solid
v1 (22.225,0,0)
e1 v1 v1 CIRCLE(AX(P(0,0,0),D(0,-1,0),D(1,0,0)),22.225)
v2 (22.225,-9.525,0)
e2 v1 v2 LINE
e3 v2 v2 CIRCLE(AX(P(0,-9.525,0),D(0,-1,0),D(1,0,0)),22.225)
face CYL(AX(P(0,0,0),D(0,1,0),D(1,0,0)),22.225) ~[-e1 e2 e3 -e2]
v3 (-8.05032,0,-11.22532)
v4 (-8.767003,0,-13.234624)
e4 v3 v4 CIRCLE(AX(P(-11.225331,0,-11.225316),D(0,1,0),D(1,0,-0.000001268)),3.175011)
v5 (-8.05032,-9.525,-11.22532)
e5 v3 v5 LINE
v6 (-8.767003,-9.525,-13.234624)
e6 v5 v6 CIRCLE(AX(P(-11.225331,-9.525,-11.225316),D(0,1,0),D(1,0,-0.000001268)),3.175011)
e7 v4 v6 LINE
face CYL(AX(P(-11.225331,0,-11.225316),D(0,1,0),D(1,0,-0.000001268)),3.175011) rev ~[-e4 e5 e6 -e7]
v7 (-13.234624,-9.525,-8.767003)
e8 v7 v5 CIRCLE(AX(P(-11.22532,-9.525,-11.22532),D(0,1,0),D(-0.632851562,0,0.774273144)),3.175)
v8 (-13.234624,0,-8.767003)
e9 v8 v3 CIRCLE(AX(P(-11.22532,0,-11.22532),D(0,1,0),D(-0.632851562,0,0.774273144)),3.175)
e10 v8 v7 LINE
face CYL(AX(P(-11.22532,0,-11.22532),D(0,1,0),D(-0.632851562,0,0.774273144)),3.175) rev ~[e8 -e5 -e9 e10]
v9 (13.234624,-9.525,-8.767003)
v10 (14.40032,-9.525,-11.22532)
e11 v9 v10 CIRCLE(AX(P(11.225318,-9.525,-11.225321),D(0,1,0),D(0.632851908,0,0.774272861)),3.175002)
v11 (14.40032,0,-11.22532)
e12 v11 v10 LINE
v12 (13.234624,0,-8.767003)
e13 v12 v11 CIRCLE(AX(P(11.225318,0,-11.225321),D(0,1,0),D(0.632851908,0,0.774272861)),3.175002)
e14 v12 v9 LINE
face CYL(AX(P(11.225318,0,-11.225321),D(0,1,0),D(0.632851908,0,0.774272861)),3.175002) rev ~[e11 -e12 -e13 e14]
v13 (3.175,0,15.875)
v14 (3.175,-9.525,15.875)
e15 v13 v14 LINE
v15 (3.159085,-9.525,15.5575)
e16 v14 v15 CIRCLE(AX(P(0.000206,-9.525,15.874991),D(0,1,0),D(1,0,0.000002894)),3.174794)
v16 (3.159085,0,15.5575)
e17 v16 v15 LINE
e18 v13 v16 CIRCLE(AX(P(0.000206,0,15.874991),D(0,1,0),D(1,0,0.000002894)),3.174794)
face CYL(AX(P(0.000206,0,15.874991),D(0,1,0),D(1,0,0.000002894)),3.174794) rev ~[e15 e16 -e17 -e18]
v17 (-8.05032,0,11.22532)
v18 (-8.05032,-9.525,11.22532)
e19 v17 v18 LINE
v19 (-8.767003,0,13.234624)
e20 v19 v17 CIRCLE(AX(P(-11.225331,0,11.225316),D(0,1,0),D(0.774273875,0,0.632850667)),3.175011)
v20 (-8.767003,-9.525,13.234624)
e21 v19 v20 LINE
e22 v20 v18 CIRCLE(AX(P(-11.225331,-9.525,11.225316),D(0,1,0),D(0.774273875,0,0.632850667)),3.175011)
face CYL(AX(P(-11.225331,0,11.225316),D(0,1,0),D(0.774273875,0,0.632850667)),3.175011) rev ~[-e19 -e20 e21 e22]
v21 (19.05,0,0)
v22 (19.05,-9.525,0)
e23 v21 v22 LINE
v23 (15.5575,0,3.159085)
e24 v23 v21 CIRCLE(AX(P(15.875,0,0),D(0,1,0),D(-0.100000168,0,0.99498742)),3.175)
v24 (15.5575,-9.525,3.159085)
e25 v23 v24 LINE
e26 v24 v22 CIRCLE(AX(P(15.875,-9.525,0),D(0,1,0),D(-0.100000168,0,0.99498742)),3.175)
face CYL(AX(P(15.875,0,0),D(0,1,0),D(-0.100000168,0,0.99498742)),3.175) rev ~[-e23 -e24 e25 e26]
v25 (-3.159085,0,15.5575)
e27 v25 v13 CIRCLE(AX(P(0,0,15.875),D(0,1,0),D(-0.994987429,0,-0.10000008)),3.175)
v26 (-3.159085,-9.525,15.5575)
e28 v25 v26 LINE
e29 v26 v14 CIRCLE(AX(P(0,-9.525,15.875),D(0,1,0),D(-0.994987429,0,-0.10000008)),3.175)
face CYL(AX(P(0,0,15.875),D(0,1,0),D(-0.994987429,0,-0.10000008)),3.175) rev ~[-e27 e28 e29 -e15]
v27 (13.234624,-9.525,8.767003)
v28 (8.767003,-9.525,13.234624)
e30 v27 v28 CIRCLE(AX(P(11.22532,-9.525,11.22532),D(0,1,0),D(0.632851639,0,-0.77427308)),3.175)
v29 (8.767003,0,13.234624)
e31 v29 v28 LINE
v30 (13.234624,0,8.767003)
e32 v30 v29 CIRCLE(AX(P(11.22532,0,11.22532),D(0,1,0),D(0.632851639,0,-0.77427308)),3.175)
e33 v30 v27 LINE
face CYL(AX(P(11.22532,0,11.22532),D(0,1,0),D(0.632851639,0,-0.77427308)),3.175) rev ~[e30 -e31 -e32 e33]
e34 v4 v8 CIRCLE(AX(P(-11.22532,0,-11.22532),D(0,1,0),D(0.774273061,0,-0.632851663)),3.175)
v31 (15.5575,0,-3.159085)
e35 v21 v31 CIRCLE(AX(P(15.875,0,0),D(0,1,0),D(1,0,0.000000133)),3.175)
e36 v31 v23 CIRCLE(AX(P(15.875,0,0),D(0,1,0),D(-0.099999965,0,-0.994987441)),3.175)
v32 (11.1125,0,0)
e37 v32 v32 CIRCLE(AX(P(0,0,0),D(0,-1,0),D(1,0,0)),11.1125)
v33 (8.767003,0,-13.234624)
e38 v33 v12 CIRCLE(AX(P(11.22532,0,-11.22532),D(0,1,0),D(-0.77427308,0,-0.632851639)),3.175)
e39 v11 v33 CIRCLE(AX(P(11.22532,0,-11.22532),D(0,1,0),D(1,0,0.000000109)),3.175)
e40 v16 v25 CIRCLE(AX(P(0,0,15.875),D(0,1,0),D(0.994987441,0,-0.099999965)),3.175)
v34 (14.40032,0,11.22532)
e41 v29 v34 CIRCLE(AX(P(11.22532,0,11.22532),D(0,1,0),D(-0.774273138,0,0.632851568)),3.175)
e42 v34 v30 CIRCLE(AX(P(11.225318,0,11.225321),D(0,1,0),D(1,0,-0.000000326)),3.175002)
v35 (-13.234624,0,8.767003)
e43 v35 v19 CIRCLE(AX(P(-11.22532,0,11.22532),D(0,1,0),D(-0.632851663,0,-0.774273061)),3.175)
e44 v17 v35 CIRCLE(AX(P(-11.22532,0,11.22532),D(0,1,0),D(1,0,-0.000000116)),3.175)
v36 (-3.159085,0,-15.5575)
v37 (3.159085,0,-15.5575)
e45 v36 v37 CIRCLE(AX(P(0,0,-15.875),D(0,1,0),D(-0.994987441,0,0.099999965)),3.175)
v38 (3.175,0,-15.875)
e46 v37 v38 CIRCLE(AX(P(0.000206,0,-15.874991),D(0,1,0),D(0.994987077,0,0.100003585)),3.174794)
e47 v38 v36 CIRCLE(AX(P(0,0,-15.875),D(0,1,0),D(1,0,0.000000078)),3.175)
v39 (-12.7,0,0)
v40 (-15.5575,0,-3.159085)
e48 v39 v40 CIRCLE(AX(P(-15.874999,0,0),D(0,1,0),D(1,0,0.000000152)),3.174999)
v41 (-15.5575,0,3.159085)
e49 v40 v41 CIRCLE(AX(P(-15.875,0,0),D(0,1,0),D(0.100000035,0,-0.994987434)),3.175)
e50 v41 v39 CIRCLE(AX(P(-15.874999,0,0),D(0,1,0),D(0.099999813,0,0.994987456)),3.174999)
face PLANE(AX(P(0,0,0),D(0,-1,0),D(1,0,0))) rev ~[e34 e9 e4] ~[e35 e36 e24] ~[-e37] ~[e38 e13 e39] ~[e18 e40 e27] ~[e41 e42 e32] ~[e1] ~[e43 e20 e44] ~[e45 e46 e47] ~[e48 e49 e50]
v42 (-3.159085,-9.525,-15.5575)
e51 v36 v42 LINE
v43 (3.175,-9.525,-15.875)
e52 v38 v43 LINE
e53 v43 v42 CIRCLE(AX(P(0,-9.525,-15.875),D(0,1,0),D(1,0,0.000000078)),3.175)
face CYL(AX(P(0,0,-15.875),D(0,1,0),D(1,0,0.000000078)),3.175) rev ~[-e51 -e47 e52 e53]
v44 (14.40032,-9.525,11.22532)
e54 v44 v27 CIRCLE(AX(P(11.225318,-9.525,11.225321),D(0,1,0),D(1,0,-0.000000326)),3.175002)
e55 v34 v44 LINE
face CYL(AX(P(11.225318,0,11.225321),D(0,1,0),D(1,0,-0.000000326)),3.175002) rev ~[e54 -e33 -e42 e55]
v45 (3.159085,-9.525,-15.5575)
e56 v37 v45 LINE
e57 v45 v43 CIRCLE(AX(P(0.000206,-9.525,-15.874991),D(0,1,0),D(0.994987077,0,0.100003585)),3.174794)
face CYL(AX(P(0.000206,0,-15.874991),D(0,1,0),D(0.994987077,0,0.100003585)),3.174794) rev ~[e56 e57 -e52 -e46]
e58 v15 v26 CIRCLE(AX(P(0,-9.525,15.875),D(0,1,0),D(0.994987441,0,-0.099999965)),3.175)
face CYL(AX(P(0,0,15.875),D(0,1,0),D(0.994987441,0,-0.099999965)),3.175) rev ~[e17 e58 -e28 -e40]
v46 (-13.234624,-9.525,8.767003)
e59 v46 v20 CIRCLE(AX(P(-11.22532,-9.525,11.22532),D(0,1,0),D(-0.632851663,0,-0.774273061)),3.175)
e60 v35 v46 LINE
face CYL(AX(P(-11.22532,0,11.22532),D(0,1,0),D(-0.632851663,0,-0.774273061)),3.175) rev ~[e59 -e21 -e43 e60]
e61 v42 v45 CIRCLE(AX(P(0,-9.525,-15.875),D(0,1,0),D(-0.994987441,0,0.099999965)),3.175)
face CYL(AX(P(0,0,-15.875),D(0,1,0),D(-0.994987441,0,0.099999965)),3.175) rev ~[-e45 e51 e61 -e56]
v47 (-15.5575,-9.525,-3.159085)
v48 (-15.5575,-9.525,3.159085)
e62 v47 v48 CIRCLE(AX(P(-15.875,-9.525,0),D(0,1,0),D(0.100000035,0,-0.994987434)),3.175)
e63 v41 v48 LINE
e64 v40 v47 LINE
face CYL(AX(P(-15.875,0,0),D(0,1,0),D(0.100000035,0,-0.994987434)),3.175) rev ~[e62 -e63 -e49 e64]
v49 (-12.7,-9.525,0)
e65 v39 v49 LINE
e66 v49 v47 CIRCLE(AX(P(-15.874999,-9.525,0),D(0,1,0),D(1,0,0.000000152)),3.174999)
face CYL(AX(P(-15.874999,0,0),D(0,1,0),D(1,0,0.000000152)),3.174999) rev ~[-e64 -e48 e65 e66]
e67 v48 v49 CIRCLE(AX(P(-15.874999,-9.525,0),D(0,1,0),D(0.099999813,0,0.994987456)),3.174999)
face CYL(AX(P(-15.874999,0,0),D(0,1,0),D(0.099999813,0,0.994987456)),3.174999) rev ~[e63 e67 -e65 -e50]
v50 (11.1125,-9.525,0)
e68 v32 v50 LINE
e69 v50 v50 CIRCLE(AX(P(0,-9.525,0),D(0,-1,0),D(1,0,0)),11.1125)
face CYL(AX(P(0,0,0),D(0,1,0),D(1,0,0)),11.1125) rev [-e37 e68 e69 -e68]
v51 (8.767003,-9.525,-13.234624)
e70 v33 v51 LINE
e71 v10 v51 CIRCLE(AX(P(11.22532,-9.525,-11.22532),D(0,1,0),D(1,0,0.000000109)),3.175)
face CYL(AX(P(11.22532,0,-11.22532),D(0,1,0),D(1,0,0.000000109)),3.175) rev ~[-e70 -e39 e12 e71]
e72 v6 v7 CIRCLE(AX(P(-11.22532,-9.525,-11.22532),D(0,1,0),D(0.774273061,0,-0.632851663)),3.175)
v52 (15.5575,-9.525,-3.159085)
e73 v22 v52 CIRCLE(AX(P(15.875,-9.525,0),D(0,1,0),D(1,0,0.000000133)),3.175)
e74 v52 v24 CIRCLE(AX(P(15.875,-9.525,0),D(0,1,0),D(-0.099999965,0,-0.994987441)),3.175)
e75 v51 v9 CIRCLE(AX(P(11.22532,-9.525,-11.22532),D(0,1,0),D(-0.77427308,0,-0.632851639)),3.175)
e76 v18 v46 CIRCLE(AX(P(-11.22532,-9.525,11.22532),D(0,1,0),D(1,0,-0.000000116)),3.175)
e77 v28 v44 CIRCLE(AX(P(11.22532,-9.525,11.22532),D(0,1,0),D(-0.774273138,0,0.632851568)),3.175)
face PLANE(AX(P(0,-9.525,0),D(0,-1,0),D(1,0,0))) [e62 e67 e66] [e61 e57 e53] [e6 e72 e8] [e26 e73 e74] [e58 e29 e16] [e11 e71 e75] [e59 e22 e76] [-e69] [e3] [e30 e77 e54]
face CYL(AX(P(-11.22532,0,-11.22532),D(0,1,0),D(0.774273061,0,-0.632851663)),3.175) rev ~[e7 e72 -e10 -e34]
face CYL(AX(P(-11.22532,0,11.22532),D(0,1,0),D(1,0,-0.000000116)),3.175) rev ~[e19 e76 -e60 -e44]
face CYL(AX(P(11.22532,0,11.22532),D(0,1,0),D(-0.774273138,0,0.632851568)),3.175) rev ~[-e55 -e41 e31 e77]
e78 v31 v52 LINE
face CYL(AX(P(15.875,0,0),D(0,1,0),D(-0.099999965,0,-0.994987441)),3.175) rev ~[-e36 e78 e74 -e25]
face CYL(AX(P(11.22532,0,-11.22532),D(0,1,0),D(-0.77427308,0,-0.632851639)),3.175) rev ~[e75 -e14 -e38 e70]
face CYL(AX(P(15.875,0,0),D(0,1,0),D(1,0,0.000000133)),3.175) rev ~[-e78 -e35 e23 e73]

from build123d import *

# Parameters (mm, degrees)
F0_R     = 22.225
F0_R_2   = 11.1125
F1_DEPTH = 9.525


with BuildPart() as f1:
    # F0 (on Front) → F1 (new body)
    with BuildSketch(Plane.XZ):
        Circle(F0_R)
        with BuildLine():
            ThreePointArc((13.234624, 8.767003), (14.666588, 6.075099), (15.5575, 3.159085))
            ThreePointArc((15.5575, 3.159085), (18.004855, 2.354643), (19.05, 0))
            ThreePointArc((19.05, 0), (18.004855, -2.354643), (15.5575, -3.159085))
            ThreePointArc((15.5575, -3.159085), (14.666588, -6.075099), (13.234624, -8.767003))
            ThreePointArc((13.234624, -8.767003), (14.094132, -9.864974), (14.40032, -11.22532))
            ThreePointArc((14.40032, -11.22532), (12.291966, -14.215787), (8.767003, -13.234624))
            ThreePointArc((8.767003, -13.234624), (6.075099, -14.666588), (3.159085, -15.5575))
            ThreePointArc((3.159085, -15.5575), (3.171019, -15.716051), (3.175, -15.875))
            ThreePointArc((3.175, -15.875), (-0.158949, -19.046019), (-3.159085, -15.5575))
            ThreePointArc((-3.159085, -15.5575), (-6.075099, -14.666588), (-8.767003, -13.234624))
            ThreePointArc((-8.767003, -13.234624), (-13.470384, -13.470384), (-13.234624, -8.767003))
            ThreePointArc((-13.234624, -8.767003), (-14.666588, -6.075099), (-15.5575, -3.159085))
            ThreePointArc((-15.5575, -3.159085), (-19.05, 0), (-15.5575, 3.159085))
            ThreePointArc((-15.5575, 3.159085), (-14.666588, 6.075099), (-13.234624, 8.767003))
            ThreePointArc((-13.234624, 8.767003), (-13.470384, 13.470384), (-8.767003, 13.234624))
            ThreePointArc((-8.767003, 13.234624), (-6.075099, 14.666588), (-3.159085, 15.5575))
            ThreePointArc((-3.159085, 15.5575), (-0.158949, 19.046019), (3.175, 15.875))
            ThreePointArc((3.175, 15.875), (3.171019, 15.716051), (3.159085, 15.5575))
            ThreePointArc((3.159085, 15.5575), (6.075099, 14.666588), (8.767003, 13.234624))
            ThreePointArc((8.767003, 13.234624), (12.291966, 14.215787), (14.40032, 11.22532))
            ThreePointArc((14.40032, 11.22532), (14.094132, 9.864974), (13.234624, 8.767003))
        make_face(mode=Mode.SUBTRACT)
        with BuildLine():
            ThreePointArc((15.5575, -3.159085), (12.7, 0), (15.5575, 3.159085))
            ThreePointArc((15.5575, 3.159085), (14.666588, 6.075099), (13.234624, 8.767003))
            ThreePointArc((13.234624, 8.767003), (8.980256, 8.980256), (8.767003, 13.234624))
            ThreePointArc((8.767003, 13.234624), (6.075099, 14.666588), (3.159085, 15.5575))
            ThreePointArc((3.159085, 15.5575), (0, 12.7), (-3.159085, 15.5575))
            ThreePointArc((-3.159085, 15.5575), (-6.075099, 14.666588), (-8.767003, 13.234624))
            ThreePointArc((-8.767003, 13.234624), (-8.234854, 12.291966), (-8.05032, 11.22532))
            ThreePointArc((-8.05032, 11.22532), (-9.864974, 8.356508), (-13.234624, 8.767003))
            ThreePointArc((-13.234624, 8.767003), (-14.666588, 6.075099), (-15.5575, 3.159085))
            ThreePointArc((-15.5575, 3.159085), (-13.520357, 2.129855), (-12.7, 0))
            ThreePointArc((-12.7, 0), (-13.520357, -2.129855), (-15.5575, -3.159085))
            ThreePointArc((-15.5575, -3.159085), (-14.666588, -6.075099), (-13.234624, -8.767003))
            ThreePointArc((-13.234624, -8.767003), (-9.864974, -8.356508), (-8.05032, -11.22532))
            ThreePointArc((-8.05032, -11.22532), (-8.234854, -12.291966), (-8.767003, -13.234624))
            ThreePointArc((-8.767003, -13.234624), (-6.075099, -14.666588), (-3.159085, -15.5575))
            ThreePointArc((-3.159085, -15.5575), (0, -12.7), (3.159085, -15.5575))
            ThreePointArc((3.159085, -15.5575), (6.075099, -14.666588), (8.767003, -13.234624))
            ThreePointArc((8.767003, -13.234624), (8.980256, -8.980256), (13.234624, -8.767003))
            ThreePointArc((13.234624, -8.767003), (14.666588, -6.075099), (15.5575, -3.159085))
        make_face()
        Circle(F0_R_2, mode=Mode.SUBTRACT)
    extrude(amount=F1_DEPTH)


solid = f1.part
